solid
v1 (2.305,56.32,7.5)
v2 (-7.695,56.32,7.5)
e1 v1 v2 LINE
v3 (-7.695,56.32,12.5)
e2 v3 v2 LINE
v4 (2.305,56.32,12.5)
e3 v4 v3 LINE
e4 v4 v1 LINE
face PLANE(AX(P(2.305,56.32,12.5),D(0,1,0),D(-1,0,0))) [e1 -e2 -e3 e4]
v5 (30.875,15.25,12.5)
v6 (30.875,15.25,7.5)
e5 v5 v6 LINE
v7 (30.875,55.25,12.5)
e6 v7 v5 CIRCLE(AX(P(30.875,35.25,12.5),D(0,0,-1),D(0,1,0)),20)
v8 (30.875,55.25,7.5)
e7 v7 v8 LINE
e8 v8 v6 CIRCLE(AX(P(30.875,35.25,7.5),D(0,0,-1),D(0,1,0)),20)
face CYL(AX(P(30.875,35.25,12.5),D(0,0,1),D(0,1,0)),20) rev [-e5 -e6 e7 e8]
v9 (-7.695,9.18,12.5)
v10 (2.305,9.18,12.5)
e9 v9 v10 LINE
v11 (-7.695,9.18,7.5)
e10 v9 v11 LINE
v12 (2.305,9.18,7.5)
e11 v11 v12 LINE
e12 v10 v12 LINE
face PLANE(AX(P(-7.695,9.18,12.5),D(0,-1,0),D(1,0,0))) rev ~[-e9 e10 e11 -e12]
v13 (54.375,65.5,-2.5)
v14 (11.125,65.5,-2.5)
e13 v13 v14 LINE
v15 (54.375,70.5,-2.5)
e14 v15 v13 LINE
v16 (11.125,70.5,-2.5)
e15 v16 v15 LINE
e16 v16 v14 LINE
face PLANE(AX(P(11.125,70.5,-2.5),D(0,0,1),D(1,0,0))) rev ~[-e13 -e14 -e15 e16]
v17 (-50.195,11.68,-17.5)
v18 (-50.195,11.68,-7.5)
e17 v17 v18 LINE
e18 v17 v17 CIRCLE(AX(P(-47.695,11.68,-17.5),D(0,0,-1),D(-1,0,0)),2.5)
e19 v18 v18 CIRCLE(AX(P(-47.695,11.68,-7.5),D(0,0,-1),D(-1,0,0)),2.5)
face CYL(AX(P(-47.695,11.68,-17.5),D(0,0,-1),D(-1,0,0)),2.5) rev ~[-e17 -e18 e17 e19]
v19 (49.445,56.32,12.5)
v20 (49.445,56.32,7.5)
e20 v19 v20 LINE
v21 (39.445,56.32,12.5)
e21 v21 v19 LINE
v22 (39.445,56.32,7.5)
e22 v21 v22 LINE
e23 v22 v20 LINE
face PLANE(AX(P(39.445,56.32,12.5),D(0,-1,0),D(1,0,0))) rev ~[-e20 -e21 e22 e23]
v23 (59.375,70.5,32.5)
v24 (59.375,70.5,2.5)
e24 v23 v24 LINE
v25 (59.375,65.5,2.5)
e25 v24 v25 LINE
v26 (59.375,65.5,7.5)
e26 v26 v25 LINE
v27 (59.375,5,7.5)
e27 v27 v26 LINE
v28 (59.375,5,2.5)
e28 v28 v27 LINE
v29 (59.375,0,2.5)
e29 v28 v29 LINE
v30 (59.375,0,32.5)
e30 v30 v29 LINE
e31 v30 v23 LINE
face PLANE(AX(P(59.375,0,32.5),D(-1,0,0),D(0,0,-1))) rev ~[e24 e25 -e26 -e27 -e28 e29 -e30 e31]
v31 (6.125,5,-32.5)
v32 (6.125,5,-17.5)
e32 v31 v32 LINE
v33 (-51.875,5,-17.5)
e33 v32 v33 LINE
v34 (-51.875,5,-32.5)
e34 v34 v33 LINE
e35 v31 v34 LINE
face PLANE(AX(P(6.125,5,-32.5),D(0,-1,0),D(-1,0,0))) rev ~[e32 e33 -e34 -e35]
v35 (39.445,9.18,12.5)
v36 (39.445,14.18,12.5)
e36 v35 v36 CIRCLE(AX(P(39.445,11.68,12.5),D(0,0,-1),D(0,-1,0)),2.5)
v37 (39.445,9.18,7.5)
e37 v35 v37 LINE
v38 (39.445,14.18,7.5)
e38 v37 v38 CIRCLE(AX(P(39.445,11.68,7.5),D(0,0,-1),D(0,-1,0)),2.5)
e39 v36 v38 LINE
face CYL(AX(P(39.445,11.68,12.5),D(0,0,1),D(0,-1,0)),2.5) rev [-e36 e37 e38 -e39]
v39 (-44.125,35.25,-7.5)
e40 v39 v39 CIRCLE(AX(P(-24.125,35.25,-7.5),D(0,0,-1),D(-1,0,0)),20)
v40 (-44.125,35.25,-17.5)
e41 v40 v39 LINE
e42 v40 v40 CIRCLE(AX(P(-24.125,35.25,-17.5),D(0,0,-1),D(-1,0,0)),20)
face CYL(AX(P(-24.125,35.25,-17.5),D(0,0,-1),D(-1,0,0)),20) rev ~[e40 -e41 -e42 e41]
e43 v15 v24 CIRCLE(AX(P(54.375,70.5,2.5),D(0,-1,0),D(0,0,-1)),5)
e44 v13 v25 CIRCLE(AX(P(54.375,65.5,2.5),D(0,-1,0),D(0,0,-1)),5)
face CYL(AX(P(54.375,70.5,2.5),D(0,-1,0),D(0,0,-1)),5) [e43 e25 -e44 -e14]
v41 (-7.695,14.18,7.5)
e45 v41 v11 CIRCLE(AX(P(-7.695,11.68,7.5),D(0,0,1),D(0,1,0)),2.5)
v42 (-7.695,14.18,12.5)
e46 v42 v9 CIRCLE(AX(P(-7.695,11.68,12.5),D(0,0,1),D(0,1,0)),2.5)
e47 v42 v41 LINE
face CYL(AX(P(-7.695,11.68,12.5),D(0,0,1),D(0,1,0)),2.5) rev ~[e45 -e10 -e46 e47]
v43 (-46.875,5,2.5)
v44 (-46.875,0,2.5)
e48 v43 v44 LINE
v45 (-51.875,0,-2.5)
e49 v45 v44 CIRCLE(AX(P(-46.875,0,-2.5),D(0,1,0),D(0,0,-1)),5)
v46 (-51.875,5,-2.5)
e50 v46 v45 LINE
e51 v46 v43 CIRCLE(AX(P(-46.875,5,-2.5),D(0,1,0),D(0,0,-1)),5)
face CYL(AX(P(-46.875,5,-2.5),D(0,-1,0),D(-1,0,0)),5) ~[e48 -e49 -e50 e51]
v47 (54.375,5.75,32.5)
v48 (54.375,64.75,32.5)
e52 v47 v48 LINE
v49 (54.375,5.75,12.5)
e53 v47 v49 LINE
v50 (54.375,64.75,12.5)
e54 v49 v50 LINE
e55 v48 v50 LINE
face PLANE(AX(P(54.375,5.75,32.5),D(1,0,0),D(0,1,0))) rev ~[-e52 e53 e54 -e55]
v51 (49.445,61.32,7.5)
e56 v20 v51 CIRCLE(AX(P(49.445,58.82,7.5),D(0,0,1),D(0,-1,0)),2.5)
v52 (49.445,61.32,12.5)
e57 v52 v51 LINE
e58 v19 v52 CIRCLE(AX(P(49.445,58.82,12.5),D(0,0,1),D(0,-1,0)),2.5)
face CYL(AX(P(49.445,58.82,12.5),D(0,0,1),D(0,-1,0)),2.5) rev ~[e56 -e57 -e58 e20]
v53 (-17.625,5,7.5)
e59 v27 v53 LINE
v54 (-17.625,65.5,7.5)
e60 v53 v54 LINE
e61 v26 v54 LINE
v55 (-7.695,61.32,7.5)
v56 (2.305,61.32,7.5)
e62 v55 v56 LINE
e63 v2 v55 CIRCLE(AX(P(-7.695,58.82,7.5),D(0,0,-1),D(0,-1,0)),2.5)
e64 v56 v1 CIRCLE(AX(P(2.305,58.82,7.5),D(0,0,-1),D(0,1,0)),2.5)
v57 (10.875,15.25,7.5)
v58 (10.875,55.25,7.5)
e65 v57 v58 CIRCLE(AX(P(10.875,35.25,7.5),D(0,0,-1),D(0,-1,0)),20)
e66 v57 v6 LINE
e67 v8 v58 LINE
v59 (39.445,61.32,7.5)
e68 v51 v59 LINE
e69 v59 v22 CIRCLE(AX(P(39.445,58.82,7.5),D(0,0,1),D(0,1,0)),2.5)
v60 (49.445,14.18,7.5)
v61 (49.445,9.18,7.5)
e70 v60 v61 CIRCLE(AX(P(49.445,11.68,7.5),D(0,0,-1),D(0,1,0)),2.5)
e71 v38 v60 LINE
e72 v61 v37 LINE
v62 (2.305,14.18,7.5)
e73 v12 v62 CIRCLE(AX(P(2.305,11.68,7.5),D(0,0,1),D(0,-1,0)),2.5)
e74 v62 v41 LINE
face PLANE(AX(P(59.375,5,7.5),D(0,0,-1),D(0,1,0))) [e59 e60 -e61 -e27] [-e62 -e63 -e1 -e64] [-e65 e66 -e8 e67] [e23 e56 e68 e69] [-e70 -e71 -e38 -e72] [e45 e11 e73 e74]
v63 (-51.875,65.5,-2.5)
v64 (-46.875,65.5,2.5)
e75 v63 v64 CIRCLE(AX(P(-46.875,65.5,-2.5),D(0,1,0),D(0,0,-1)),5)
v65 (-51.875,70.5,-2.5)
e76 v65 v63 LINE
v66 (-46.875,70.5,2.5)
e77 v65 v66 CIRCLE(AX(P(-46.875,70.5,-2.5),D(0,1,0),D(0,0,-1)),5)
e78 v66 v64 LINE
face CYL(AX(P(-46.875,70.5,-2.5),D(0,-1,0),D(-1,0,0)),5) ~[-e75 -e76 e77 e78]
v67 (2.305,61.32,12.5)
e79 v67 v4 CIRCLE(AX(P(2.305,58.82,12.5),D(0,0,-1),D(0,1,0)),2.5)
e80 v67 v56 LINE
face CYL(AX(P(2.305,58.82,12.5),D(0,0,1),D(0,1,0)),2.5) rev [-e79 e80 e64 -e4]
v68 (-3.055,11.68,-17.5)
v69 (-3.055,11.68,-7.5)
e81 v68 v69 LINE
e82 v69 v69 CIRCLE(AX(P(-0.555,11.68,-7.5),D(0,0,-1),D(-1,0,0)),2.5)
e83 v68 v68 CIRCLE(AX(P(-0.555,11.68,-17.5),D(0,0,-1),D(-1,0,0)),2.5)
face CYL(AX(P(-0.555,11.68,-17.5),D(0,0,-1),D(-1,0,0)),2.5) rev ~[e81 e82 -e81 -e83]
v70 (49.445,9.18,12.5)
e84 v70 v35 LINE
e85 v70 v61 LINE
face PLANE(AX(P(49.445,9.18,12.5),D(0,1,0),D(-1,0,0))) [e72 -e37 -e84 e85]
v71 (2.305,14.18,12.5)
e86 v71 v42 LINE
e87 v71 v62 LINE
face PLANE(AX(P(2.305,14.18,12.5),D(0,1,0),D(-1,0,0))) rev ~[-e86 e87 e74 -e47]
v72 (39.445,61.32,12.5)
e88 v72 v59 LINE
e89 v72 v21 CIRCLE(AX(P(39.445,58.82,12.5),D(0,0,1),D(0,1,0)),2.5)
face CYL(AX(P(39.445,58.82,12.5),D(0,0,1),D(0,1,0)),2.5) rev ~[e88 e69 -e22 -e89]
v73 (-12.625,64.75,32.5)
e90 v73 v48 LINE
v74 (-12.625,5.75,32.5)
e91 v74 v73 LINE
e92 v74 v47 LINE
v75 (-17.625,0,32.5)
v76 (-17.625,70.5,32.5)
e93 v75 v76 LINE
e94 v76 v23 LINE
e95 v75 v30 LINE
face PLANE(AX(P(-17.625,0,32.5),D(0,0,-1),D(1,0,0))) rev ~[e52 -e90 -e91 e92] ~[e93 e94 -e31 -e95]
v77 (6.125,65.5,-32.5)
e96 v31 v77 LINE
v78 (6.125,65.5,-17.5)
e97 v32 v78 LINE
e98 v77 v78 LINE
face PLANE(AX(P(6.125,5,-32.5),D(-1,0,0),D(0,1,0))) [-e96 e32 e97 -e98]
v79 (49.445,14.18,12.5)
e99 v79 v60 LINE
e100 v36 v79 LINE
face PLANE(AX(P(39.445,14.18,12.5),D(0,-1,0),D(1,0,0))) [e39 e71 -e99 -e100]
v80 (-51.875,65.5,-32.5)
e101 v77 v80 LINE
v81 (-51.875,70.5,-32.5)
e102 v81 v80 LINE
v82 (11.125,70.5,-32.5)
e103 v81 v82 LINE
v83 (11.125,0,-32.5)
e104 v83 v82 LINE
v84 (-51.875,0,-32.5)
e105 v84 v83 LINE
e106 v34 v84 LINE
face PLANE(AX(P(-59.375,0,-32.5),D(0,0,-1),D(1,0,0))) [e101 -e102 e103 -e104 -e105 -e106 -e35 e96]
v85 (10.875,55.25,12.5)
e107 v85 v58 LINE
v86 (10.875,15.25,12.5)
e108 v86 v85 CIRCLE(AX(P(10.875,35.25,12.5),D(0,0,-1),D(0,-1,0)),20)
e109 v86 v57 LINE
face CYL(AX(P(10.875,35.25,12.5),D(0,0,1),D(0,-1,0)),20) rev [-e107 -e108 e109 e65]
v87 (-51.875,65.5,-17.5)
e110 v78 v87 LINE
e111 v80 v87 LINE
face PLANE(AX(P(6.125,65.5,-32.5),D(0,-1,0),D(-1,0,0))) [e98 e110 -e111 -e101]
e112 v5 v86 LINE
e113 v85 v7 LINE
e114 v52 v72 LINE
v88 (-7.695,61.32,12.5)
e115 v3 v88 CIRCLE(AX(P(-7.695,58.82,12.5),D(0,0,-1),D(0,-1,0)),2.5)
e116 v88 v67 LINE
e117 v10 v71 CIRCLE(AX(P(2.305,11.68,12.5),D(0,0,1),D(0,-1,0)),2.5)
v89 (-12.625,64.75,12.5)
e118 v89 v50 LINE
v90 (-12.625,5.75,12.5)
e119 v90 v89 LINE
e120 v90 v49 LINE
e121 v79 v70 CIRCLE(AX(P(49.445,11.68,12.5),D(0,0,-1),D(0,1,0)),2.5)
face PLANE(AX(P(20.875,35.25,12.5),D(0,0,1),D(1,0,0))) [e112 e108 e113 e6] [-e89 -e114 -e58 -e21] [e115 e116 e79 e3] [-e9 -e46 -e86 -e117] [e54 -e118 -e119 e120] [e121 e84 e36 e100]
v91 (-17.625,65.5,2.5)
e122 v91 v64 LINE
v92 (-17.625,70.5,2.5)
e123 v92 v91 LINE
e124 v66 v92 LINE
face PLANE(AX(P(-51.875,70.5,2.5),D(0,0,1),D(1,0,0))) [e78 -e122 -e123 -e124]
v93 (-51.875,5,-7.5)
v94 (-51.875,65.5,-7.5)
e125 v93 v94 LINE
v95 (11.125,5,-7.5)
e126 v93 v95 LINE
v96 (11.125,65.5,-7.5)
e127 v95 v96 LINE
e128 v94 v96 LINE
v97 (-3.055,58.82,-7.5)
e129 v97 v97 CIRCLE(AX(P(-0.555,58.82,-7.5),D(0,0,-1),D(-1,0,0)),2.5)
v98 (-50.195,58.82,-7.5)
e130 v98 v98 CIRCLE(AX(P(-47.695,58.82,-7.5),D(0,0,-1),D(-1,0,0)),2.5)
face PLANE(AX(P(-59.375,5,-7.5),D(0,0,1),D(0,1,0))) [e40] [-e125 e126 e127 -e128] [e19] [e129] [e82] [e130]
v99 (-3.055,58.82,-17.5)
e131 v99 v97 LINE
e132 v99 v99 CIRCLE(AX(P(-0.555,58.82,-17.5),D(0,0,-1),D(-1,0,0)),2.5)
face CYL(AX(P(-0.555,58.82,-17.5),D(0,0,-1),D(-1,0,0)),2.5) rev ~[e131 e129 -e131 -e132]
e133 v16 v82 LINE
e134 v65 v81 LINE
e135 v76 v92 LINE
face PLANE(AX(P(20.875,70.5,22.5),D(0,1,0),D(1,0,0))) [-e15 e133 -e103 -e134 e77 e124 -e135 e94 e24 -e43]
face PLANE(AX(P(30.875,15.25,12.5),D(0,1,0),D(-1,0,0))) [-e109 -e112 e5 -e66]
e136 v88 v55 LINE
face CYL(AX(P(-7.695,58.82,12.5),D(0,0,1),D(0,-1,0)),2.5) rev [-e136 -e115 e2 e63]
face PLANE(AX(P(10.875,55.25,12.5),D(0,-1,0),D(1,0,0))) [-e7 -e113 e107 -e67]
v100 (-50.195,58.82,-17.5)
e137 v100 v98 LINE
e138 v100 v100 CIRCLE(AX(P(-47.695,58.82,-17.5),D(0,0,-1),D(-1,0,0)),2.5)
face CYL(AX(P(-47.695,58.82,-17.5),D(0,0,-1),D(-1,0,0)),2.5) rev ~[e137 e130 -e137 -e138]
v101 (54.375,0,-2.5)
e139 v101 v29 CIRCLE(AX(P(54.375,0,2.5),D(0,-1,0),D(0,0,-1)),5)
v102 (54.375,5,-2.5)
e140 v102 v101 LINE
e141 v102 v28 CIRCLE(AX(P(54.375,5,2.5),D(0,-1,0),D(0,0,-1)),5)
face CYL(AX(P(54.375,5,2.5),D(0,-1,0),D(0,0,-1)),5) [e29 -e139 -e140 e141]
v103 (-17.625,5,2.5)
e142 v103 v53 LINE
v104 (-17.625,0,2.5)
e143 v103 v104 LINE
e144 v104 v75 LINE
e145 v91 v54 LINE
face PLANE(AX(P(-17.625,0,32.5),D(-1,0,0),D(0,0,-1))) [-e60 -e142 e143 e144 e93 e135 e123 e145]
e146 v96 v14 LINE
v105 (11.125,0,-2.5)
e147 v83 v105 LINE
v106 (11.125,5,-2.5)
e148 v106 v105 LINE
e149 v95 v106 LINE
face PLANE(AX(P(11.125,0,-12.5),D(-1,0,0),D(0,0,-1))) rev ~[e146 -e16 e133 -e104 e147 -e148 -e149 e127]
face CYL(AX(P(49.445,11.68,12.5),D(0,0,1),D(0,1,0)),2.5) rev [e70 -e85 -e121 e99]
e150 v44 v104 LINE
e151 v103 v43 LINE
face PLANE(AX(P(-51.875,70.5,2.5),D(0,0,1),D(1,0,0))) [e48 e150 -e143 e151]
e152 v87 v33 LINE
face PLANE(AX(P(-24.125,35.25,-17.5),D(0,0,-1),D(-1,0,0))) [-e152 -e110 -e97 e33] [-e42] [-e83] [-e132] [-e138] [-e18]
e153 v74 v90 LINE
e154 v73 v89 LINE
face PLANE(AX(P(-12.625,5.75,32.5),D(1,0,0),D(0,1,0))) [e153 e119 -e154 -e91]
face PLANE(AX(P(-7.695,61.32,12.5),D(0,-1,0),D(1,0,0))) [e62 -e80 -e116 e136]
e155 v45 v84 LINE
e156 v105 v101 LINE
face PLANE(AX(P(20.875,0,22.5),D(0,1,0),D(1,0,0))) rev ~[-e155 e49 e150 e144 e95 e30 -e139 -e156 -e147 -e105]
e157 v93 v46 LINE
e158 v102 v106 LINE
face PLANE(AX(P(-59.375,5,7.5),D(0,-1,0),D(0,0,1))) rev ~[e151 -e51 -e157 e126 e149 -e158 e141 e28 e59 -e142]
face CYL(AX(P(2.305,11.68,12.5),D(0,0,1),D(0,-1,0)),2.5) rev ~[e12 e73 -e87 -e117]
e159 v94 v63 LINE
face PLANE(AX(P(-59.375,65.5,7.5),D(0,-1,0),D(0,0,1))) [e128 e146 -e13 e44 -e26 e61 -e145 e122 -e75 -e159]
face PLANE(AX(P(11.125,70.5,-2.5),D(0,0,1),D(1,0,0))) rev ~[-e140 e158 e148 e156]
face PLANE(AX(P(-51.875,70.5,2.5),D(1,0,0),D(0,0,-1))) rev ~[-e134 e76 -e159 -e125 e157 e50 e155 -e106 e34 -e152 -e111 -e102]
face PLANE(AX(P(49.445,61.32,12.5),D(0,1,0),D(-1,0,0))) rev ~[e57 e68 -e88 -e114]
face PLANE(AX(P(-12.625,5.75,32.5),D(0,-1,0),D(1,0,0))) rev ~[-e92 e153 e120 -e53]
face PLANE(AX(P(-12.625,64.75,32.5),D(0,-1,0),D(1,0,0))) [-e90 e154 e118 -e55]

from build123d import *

# Parameters (mm, degrees)
SKETCH1_W           = 77
SKETCH1_H           = 20
SKETCH1_W_2         = 118.75
SKETCH1_H_2         = 25
SKETCH1_W_3         = 70.5
BOSS_EXTRUDE1_DEPTH = 70.5
SKETCH6_W           = 15
SKETCH6_H           = 60.5
CUT_EXTRUDE2_DEPTH  = 48.25
SKETCH7_W           = 67
SKETCH7_H           = 59
CUT_EXTRUDE3_DEPTH  = 20
CUT_EXTRUDE4_DEPTH  = 5
SKETCH9_W           = 5
SKETCH9_H           = 60.5
CUT_EXTRUDE5_DEPTH  = 48.25
SKETCH10_W          = 15
SKETCH10_H          = 60.5
CUT_EXTRUDE6_DEPTH  = 70.5
SKETCH11_W          = 5
SKETCH11_H          = 60.5
CUT_EXTRUDE7_DEPTH  = 41.75
SKETCH12_W          = 60.5
SKETCH12_H          = 60.5
CUT_EXTRUDE8_DEPTH  = 15
SKETCH13_R          = 20
SKETCH13_R_2        = 2.5
CUT_EXTRUDE9_DEPTH  = 20
SKETCH14_W          = 7.5
SKETCH14_H          = 35
SKETCH14_H_2        = 10
SKETCH14_W_2        = 34.25
SKETCH14_W_3        = 48.25
CUT_EXTRUDE10_DEPTH = 71.5
FILLET2_R           = 5


with BuildPart() as part:
    # Sketch1 → Boss-Extrude1 (new body)
    with BuildSketch(Plane(origin=(0, 0, 0), x_dir=(1, 0, 0), z_dir=(0, 1, 0))):
        with Locations((20.875, -22.5)):
            Rectangle(SKETCH1_W, SKETCH1_H)
        Rectangle(SKETCH1_W_2, SKETCH1_H_2)
        with Locations((-24.125, 22.5)):
            Rectangle(SKETCH1_W_3, SKETCH1_H)
    extrude(amount=BOSS_EXTRUDE1_DEPTH)

    # Sketch6 → Cut-Extrude2 (cut)
    with BuildSketch(Plane(origin=(59.375, 0, 0), x_dir=(0, 0, -1), z_dir=(1, 0, 0))):
        with Locations((0, 35.25)):
            Rectangle(SKETCH6_W, SKETCH6_H)
    extrude(amount=-CUT_EXTRUDE2_DEPTH, mode=Mode.SUBTRACT)

    # Sketch7 → Cut-Extrude3 (cut)
    with BuildSketch(Plane.XY.offset(32.5)):
        with Locations((20.875, 35.25)):
            Rectangle(SKETCH7_W, SKETCH7_H)
    extrude(amount=-CUT_EXTRUDE3_DEPTH, mode=Mode.SUBTRACT)

    # Sketch8 → Cut-Extrude4 (cut)
    with BuildSketch(Plane.XY.offset(12.5)):
        with BuildLine():
            Line((10.875, 55.25), (30.875, 55.25))
            ThreePointArc((30.875, 55.25), (50.875, 35.25), (30.875, 15.25))
            Line((30.875, 15.25), (10.875, 15.25))
            ThreePointArc((10.875, 15.25), (-9.125, 35.25), (10.875, 55.25))
        make_face()
        with BuildLine():
            Line((-7.695, 61.32), (2.305, 61.32))
            ThreePointArc((2.305, 61.32), (4.805, 58.82), (2.305, 56.32))
            Line((2.305, 56.32), (-7.695, 56.32))
            ThreePointArc((-7.695, 56.32), (-10.195, 58.82), (-7.695, 61.32))
        make_face()
        with BuildLine():
            Line((49.445, 61.32), (39.445, 61.32))
            ThreePointArc((39.445, 61.32), (36.945, 58.82), (39.445, 56.32))
            Line((39.445, 56.32), (49.445, 56.32))
            ThreePointArc((49.445, 56.32), (51.945, 58.82), (49.445, 61.32))
        make_face()
        with BuildLine():
            Line((-7.695, 9.18), (2.305, 9.18))
            ThreePointArc((2.305, 9.18), (4.805, 11.68), (2.305, 14.18))
            Line((2.305, 14.18), (-7.695, 14.18))
            ThreePointArc((-7.695, 14.18), (-10.195, 11.68), (-7.695, 9.18))
        make_face()
        with BuildLine():
            Line((49.445, 9.18), (39.445, 9.18))
            ThreePointArc((39.445, 9.18), (36.945, 11.68), (39.445, 14.18))
            Line((39.445, 14.18), (49.445, 14.18))
            ThreePointArc((49.445, 14.18), (51.945, 11.68), (49.445, 9.18))
        make_face()
    extrude(amount=-CUT_EXTRUDE4_DEPTH, mode=Mode.SUBTRACT)

    # Sketch9 → Cut-Extrude5 (cut)
    with BuildSketch(Plane(origin=(59.375, 0, 0), x_dir=(0, 0, -1), z_dir=(1, 0, 0))):
        with Locations((10, 35.25)):
            Rectangle(SKETCH9_W, SKETCH9_H)
    extrude(amount=-CUT_EXTRUDE5_DEPTH, mode=Mode.SUBTRACT)

    # Sketch10 → Cut-Extrude6 (cut)
    with BuildSketch(Plane.ZY.offset(59.375)):
        with Locations((0, 35.25)):
            Rectangle(SKETCH10_W, SKETCH10_H)
    extrude(amount=-CUT_EXTRUDE6_DEPTH, mode=Mode.SUBTRACT)

    # Sketch11 → Cut-Extrude7 (cut)
    with BuildSketch(Plane.ZY.offset(59.375)):
        with Locations((10, 35.25)):
            Rectangle(SKETCH11_W, SKETCH11_H)
    extrude(amount=-CUT_EXTRUDE7_DEPTH, mode=Mode.SUBTRACT)

    # Sketch12 → Cut-Extrude8 (cut)
    with BuildSketch(Plane(origin=(0, 0, -32.5), x_dir=(-1, 0, 0), z_dir=(0, 0, -1))):
        with Locations((24.125, 35.25)):
            Rectangle(SKETCH12_W, SKETCH12_H)
    extrude(amount=-CUT_EXTRUDE8_DEPTH, mode=Mode.SUBTRACT)

    # Sketch13 → Cut-Extrude9 (cut)
    with BuildSketch(Plane(origin=(0, 0, -17.5), x_dir=(-1, 0, 0), z_dir=(0, 0, -1))):
        with Locations((24.125, 35.25)):
            Circle(SKETCH13_R)
        with Locations((0.555, 58.82)):
            Circle(SKETCH13_R_2)
        with Locations((47.695, 58.82)):
            Circle(SKETCH13_R_2)
        with Locations((47.695, 11.68)):
            Circle(SKETCH13_R_2)
        with Locations((0.555, 11.68)):
            Circle(SKETCH13_R_2)
    extrude(amount=-CUT_EXTRUDE9_DEPTH, mode=Mode.SUBTRACT)

    # Sketch14 → Cut-Extrude10 (cut, through all)
    with BuildSketch(Plane(origin=(0, 70.5, 0), x_dir=(1, 0, 0), z_dir=(0, 1, 0))):
        with Locations((-55.625, 15)):
            Rectangle(SKETCH14_W, SKETCH14_H)
        with Locations((-55.625, -7.5)):
            Rectangle(SKETCH14_W, SKETCH14_H_2)
        with Locations((-34.75, -7.5)):
            Rectangle(SKETCH14_W_2, SKETCH14_H_2)
        with Locations((35.25, 7.5)):
            Rectangle(SKETCH14_W_3, SKETCH14_H_2)
    extrude(amount=-CUT_EXTRUDE10_DEPTH, mode=Mode.SUBTRACT)

    # Fillet2
    fillet2_edges = [part.edges().sort_by_distance(p)[0] for p in [
        (-51.875, 68, 2.5),
        (-51.875, 2.5, 2.5),
        (59.375, 68, -2.5),
        (59.375, 2.5, -2.5),
    ]]
    fillet(fillet2_edges, radius=FILLET2_R)


solid = part.part
